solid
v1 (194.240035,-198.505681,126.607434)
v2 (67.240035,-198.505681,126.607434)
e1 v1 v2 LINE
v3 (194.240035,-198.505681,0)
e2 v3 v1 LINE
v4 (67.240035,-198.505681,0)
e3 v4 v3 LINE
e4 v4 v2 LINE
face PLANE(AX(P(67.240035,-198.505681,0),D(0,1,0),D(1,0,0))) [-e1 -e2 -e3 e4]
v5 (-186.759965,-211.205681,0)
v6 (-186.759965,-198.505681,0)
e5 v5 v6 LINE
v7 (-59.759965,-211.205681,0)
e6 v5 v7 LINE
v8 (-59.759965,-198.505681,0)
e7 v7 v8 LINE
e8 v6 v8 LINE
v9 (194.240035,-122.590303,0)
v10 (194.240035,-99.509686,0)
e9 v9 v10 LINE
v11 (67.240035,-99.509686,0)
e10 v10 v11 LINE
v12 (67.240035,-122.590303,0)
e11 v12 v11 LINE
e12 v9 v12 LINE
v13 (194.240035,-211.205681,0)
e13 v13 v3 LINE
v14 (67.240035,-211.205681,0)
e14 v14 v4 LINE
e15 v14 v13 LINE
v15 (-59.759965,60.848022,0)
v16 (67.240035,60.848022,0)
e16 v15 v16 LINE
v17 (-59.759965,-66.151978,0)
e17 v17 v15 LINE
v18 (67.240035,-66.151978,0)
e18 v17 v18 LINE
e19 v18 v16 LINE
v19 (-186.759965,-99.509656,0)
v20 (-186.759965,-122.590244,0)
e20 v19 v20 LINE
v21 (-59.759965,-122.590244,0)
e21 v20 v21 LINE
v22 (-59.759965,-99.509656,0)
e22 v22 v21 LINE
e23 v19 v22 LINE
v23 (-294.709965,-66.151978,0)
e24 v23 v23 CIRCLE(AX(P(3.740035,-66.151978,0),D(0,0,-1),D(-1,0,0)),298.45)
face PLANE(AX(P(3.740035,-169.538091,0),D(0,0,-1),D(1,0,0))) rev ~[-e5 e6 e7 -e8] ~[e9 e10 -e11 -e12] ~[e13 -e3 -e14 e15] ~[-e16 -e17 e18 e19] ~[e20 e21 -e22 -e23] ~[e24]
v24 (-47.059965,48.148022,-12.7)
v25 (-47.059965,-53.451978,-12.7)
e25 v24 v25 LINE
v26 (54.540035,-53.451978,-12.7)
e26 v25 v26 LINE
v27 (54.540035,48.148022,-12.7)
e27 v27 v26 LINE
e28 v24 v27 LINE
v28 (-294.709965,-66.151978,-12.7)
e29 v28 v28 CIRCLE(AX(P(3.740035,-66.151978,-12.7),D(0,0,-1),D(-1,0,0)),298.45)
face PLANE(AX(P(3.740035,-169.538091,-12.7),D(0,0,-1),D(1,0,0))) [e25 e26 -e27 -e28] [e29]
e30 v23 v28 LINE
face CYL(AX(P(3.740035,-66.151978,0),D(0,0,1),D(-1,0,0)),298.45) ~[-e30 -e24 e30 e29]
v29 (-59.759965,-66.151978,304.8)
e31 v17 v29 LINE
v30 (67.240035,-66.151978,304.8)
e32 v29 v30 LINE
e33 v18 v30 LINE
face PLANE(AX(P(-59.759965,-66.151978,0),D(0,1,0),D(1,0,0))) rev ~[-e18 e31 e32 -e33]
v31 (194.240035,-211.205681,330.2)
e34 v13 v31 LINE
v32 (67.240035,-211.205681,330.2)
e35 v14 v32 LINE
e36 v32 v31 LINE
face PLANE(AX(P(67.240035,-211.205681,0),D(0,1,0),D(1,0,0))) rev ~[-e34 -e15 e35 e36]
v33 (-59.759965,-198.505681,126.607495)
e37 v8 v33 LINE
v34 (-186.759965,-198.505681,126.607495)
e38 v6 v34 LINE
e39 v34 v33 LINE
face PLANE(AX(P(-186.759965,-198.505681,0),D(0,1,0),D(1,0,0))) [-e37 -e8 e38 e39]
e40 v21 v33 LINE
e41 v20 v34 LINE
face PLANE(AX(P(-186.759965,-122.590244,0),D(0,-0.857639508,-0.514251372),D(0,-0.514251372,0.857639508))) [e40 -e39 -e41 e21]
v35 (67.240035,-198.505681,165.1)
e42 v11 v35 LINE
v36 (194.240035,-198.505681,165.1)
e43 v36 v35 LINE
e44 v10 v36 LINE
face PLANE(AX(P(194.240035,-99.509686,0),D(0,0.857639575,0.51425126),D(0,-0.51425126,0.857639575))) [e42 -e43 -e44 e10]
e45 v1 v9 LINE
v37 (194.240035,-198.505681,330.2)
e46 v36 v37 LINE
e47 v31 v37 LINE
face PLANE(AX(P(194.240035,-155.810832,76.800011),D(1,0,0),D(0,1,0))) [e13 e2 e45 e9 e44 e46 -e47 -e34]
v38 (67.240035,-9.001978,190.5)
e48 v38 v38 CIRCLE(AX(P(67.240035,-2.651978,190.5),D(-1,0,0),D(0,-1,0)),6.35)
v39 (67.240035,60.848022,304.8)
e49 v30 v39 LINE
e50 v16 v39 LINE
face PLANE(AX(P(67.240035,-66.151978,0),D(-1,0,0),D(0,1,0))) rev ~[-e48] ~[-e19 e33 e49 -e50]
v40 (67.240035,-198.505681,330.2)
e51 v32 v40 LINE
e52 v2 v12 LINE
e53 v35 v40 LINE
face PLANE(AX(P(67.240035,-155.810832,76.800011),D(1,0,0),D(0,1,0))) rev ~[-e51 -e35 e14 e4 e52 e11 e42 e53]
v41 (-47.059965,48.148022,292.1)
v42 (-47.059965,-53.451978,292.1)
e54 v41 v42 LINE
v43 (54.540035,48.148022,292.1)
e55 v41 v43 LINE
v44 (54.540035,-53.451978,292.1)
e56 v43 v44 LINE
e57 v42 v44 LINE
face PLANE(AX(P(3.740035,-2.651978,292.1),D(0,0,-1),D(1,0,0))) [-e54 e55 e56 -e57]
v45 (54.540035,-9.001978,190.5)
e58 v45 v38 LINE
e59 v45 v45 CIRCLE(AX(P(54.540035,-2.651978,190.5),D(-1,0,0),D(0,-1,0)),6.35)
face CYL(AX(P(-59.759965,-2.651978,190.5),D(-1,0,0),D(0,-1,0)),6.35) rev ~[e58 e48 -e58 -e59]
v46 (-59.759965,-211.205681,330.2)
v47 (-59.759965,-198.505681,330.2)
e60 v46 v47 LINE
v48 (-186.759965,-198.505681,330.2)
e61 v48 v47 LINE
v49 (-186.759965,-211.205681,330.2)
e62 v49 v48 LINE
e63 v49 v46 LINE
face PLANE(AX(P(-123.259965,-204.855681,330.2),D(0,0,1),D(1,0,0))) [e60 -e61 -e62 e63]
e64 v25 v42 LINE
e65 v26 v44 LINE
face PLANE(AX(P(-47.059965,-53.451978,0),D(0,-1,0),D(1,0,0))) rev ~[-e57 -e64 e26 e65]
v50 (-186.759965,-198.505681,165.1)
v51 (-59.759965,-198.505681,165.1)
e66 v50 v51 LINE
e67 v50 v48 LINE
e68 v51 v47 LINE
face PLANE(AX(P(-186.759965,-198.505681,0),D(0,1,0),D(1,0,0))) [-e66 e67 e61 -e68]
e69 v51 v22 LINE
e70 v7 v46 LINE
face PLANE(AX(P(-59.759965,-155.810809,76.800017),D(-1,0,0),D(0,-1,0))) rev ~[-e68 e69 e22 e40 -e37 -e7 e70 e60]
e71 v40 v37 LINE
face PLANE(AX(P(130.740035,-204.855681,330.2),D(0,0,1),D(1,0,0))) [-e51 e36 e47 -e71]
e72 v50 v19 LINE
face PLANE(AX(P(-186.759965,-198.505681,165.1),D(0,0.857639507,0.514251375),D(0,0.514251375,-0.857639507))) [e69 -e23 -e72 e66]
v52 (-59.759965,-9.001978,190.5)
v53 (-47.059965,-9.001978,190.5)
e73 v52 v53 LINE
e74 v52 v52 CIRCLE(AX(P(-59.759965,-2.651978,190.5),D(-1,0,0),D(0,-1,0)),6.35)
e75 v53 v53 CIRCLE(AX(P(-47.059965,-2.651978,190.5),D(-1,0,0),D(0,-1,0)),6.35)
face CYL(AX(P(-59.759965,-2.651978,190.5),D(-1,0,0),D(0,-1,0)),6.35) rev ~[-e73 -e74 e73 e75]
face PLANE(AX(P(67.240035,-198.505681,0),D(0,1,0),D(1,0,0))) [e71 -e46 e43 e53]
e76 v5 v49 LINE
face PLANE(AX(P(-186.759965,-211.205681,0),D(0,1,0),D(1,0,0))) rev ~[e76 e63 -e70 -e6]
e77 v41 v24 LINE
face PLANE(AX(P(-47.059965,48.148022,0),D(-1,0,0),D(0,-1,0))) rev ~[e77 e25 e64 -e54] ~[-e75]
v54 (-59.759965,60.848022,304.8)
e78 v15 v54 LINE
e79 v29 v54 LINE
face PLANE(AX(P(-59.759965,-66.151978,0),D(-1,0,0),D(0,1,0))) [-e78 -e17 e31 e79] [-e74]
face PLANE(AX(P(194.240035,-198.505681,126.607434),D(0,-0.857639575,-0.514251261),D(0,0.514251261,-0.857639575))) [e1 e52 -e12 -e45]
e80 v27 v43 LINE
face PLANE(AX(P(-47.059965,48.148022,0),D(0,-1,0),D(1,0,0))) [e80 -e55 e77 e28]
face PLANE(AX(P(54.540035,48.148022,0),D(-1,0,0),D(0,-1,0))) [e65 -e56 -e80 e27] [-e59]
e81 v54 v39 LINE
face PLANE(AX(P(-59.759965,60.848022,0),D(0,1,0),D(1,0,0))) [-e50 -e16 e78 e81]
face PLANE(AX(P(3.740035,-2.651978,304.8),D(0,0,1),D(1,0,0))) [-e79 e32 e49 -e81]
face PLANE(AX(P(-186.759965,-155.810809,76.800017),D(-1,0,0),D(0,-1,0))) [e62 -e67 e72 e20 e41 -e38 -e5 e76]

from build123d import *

# Parameters (mm, degrees)
F0_W      = 127
F0_H      = 127
F1_DEPTH  = 304.8
F2_W      = 101.6
F2_H      = 101.6
F3_DEPTH  = 292.1
F4_R      = 6.35
F5_DEPTH  = 127.001
F6_W      = 101.6
F6_H      = 101.6
F7_DEPTH  = 12.7
F8_W      = 127
F8_H      = 12.7
F9_DEPTH  = 330.2
F11_DEPTH = 127
F13_DEPTH = 127


with BuildPart() as f1:
    # F0 (on Top) → F1 (new body)
    with BuildSketch(Plane.XY):
        with Locations((3.740035, -2.651978)):
            Rectangle(F0_W, F0_H)
    extrude(amount=F1_DEPTH)

    # F2 (on face) → F3 (cut)
    with BuildSketch(Plane(origin=(0, 0, 0), x_dir=(1, 0, 0), z_dir=(0, 0, -1))):
        with Locations((3.740035, 2.651978)):
            Rectangle(F2_W, F2_H)
    extrude(amount=-F3_DEPTH, mode=Mode.SUBTRACT)

    # F4 (on face) → F5 (cut, through all)
    with BuildSketch(Plane(origin=(-59.759965, 0, 0), x_dir=(0, -1, 0), z_dir=(-1, 0, 0))):
        with Locations((2.651978, 190.5)):
            Circle(F4_R)
    extrude(amount=-F5_DEPTH, mode=Mode.SUBTRACT)

    # F6 (on face) → F7 (join)
    with BuildSketch(Plane(origin=(0, 0, 0), x_dir=(1, 0, 0), z_dir=(0, 0, -1))):
        with BuildLine():
            Line((3.740035, 66.151978), (302.190035, 66.151978))
            ThreePointArc((302.190035, 66.151978), (3.740035, 364.601978), (-294.709965, 66.151978))
            Line((-294.709965, 66.151978), (3.740035, 66.151978))
        make_face()
        with BuildLine():
            ThreePointArc((-294.709965, 66.151978), (3.740035, -232.298022), (302.190035, 66.151978))
            Line((302.190035, 66.151978), (3.740035, 66.151978))
            Line((3.740035, 66.151978), (-294.709965, 66.151978))
        make_face()
        with Locations((3.740035, 2.651978)):
            Rectangle(F6_W, F6_H, mode=Mode.SUBTRACT)
    extrude(amount=F7_DEPTH)

    # F8 (on face) → F9 (join)
    with BuildSketch(Plane.XY):
        with Locations((-123.259965, -204.855681)):
            Rectangle(F8_W, F8_H)
        with Locations((130.740035, -204.855681)):
            Rectangle(F8_W, F8_H)
    extrude(amount=F9_DEPTH)

    # F10 (on face) → F11 (join)
    with BuildSketch(Plane.YZ.offset(194.240035)):
        Polygon((-99.509686, 0), (-198.505681, 165.1), (-198.505681, 126.607434), (-122.590303, 0), align=None)
    extrude(amount=-F11_DEPTH)

    # F12 (on face) → F13 (join)
    with BuildSketch(Plane(origin=(-186.759965, 0, 0), x_dir=(0, -1, 0), z_dir=(-1, 0, 0))):
        Polygon((198.505681, 126.607495), (198.505681, 165.1), (99.509656, 0), (122.590244, 0), align=None)
    extrude(amount=-F13_DEPTH)


solid = f1.part
